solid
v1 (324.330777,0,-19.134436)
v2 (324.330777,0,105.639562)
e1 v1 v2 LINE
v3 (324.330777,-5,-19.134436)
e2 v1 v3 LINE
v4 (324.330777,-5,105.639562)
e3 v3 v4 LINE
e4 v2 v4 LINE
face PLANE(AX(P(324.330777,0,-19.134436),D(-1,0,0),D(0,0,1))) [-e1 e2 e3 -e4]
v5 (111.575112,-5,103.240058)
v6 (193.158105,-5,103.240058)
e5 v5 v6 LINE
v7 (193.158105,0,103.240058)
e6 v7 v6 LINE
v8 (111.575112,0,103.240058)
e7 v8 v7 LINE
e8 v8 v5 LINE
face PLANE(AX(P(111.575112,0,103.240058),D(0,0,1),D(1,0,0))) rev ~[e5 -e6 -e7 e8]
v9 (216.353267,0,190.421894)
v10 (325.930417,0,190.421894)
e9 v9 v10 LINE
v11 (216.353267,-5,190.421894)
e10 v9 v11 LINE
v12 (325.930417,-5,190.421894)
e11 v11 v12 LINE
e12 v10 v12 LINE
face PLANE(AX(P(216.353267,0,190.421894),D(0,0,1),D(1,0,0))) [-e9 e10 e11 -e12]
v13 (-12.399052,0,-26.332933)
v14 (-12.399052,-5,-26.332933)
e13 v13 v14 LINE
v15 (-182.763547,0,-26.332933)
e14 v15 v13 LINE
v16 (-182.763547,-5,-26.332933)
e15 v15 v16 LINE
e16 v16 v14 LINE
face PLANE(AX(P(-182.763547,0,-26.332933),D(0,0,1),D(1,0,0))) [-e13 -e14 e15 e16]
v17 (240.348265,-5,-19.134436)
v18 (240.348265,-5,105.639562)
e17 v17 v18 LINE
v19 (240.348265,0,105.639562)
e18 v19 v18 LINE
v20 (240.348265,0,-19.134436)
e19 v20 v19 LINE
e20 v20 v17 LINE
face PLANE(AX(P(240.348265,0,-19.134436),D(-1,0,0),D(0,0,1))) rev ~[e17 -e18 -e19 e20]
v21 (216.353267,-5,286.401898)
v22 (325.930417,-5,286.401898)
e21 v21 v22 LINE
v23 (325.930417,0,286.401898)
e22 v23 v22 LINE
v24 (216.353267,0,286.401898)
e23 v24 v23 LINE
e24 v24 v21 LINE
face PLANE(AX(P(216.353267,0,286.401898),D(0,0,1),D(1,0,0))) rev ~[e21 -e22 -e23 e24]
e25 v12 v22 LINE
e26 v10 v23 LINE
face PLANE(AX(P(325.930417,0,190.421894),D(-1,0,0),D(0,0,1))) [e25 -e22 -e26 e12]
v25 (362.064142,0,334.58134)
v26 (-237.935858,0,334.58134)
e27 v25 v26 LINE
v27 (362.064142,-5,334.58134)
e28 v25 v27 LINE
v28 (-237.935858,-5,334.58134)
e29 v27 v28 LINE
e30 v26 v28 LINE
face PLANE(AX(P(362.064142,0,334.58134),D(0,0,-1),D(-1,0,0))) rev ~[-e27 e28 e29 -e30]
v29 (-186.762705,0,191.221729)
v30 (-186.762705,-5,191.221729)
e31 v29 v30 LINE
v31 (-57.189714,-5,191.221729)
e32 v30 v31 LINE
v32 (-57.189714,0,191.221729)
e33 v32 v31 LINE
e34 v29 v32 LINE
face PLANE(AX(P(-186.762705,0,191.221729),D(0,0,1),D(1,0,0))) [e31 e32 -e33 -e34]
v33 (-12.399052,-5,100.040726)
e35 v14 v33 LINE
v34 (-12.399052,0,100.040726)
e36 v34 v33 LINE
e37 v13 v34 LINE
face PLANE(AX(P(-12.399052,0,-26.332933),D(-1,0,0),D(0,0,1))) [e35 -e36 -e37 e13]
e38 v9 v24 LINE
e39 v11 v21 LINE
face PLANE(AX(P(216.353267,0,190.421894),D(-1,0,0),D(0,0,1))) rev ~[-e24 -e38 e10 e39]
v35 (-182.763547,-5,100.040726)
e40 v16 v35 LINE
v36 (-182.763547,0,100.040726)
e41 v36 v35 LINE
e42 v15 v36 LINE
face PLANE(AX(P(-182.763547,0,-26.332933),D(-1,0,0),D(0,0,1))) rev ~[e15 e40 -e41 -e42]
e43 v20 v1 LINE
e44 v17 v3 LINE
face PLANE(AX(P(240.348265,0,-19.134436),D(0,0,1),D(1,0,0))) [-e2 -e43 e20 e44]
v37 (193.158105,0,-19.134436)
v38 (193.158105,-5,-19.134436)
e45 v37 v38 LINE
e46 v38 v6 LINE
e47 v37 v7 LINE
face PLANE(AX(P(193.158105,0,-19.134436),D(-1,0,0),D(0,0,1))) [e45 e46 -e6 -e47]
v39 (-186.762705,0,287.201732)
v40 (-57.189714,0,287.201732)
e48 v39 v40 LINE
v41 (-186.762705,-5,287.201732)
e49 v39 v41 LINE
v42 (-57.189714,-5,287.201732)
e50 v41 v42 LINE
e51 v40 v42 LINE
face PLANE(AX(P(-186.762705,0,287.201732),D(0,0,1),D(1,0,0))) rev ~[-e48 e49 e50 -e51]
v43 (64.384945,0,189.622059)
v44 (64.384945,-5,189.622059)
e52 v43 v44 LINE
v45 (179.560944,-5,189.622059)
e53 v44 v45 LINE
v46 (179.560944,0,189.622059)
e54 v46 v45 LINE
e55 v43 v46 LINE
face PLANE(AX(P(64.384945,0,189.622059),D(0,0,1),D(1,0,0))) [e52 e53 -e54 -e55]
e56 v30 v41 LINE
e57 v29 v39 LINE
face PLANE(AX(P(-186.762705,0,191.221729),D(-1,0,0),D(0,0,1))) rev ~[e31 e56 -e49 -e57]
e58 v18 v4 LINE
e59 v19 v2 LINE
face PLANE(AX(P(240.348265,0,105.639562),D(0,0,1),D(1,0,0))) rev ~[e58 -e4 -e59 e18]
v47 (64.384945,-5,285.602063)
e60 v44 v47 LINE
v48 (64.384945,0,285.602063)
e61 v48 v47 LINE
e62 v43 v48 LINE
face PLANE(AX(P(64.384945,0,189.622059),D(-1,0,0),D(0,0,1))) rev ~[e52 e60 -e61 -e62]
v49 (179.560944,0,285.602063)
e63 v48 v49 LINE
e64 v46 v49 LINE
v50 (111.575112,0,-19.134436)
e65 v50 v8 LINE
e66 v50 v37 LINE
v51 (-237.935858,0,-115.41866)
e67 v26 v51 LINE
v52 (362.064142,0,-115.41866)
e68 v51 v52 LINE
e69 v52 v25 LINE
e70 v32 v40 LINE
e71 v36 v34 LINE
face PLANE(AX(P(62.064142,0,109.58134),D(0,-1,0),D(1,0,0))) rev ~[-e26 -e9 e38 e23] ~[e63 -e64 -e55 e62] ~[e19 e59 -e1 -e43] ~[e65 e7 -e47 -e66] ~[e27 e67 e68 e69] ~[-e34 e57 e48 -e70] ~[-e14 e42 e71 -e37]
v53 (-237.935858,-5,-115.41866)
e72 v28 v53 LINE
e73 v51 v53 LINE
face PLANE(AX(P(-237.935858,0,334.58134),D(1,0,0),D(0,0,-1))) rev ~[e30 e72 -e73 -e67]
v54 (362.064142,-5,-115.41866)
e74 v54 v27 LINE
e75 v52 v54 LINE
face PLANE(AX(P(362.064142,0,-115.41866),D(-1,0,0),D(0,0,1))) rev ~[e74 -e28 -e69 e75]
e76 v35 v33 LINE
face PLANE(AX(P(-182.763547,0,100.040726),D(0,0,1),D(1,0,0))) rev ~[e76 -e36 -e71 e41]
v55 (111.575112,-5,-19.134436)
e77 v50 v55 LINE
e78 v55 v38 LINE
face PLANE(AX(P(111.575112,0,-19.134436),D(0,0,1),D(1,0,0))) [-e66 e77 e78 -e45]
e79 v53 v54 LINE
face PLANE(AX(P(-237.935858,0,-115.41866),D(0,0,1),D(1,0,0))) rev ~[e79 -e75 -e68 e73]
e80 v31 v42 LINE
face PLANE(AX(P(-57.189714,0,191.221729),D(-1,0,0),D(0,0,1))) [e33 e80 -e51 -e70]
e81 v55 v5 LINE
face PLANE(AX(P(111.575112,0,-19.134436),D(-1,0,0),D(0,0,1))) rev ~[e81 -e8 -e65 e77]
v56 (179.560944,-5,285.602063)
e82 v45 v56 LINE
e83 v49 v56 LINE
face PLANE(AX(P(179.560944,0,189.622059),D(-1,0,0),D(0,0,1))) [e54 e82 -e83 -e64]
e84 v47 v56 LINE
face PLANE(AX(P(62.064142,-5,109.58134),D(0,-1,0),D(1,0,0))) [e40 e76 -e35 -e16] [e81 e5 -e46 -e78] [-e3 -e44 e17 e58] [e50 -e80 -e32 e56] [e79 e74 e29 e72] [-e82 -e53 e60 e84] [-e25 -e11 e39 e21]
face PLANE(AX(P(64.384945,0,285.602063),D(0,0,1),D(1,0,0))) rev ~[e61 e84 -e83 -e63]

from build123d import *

# Parameters (mm, degrees)
F0_W     = 170.3644944355
F0_H     = 126.3736598194
F0_W_2   = 81.582993269
F0_H_2   = 122.3744936287
F0_W_3   = 83.9825123549
F0_H_3   = 124.7739978135
F0_W_4   = 129.5729912817
F0_H_4   = 95.9800034761
F0_W_5   = 115.175999701
F0_W_6   = 109.5771491528
F1_DEPTH = 5
F2_DEPTH = 5


with BuildPart() as f1:
    # F0 (on Front) → F1 (new body)
    with BuildSketch(Plane.XZ):
        Polygon((362.0641423762, 334.581340097), (-237.9358576238, 334.581340097), (-237.9358576238, 127.1041715145), (-237.9358576238, 87.1041715145), (-237.9358576238, -115.418659903), (362.0641423762, -115.418659903), (362.0641423762, 87.1041715145), (362.0641423762, 109.581340097), (362.0641423762, 127.1041715145), align=None)
        with Locations((-97.5812994875, 36.853896454)):
            Rectangle(F0_W, F0_H, mode=Mode.SUBTRACT)
        with Locations((152.3666083813, 42.0528110117)):
            Rectangle(F0_W_2, F0_H_2, mode=Mode.SUBTRACT)
        with Locations((282.3395207524, 43.252563104)):
            Rectangle(F0_W_3, F0_H_3, mode=Mode.SUBTRACT)
        with Locations((-121.9762098044, 239.211730659)):
            Rectangle(F0_W_4, F0_H_4, mode=Mode.SUBTRACT)
        with Locations((121.9729445875, 237.6120612025)):
            Rectangle(F0_W_5, F0_H_4, mode=Mode.SUBTRACT)
        with Locations((271.1418420076, 238.4118959308)):
            Rectangle(F0_W_6, F0_H_4, mode=Mode.SUBTRACT)
    extrude(amount=F1_DEPTH)

    # F0 (on Front) → F2 (join)
    with BuildSketch(Plane.XZ):
        Polygon((362.0641423762, 334.581340097), (-237.9358576238, 334.581340097), (-237.9358576238, 127.1041715145), (-237.9358576238, 87.1041715145), (-237.9358576238, -115.418659903), (362.0641423762, -115.418659903), (362.0641423762, 87.1041715145), (362.0641423762, 109.581340097), (362.0641423762, 127.1041715145), align=None)
        with Locations((-97.5812994875, 36.853896454)):
            Rectangle(F0_W, F0_H, mode=Mode.SUBTRACT)
        with Locations((152.3666083813, 42.0528110117)):
            Rectangle(F0_W_2, F0_H_2, mode=Mode.SUBTRACT)
        with Locations((282.3395207524, 43.252563104)):
            Rectangle(F0_W_3, F0_H_3, mode=Mode.SUBTRACT)
        with Locations((-121.9762098044, 239.211730659)):
            Rectangle(F0_W_4, F0_H_4, mode=Mode.SUBTRACT)
        with Locations((121.9729445875, 237.6120612025)):
            Rectangle(F0_W_5, F0_H_4, mode=Mode.SUBTRACT)
        with Locations((271.1418420076, 238.4118959308)):
            Rectangle(F0_W_6, F0_H_4, mode=Mode.SUBTRACT)
    extrude(amount=F2_DEPTH)


solid = f1.part
